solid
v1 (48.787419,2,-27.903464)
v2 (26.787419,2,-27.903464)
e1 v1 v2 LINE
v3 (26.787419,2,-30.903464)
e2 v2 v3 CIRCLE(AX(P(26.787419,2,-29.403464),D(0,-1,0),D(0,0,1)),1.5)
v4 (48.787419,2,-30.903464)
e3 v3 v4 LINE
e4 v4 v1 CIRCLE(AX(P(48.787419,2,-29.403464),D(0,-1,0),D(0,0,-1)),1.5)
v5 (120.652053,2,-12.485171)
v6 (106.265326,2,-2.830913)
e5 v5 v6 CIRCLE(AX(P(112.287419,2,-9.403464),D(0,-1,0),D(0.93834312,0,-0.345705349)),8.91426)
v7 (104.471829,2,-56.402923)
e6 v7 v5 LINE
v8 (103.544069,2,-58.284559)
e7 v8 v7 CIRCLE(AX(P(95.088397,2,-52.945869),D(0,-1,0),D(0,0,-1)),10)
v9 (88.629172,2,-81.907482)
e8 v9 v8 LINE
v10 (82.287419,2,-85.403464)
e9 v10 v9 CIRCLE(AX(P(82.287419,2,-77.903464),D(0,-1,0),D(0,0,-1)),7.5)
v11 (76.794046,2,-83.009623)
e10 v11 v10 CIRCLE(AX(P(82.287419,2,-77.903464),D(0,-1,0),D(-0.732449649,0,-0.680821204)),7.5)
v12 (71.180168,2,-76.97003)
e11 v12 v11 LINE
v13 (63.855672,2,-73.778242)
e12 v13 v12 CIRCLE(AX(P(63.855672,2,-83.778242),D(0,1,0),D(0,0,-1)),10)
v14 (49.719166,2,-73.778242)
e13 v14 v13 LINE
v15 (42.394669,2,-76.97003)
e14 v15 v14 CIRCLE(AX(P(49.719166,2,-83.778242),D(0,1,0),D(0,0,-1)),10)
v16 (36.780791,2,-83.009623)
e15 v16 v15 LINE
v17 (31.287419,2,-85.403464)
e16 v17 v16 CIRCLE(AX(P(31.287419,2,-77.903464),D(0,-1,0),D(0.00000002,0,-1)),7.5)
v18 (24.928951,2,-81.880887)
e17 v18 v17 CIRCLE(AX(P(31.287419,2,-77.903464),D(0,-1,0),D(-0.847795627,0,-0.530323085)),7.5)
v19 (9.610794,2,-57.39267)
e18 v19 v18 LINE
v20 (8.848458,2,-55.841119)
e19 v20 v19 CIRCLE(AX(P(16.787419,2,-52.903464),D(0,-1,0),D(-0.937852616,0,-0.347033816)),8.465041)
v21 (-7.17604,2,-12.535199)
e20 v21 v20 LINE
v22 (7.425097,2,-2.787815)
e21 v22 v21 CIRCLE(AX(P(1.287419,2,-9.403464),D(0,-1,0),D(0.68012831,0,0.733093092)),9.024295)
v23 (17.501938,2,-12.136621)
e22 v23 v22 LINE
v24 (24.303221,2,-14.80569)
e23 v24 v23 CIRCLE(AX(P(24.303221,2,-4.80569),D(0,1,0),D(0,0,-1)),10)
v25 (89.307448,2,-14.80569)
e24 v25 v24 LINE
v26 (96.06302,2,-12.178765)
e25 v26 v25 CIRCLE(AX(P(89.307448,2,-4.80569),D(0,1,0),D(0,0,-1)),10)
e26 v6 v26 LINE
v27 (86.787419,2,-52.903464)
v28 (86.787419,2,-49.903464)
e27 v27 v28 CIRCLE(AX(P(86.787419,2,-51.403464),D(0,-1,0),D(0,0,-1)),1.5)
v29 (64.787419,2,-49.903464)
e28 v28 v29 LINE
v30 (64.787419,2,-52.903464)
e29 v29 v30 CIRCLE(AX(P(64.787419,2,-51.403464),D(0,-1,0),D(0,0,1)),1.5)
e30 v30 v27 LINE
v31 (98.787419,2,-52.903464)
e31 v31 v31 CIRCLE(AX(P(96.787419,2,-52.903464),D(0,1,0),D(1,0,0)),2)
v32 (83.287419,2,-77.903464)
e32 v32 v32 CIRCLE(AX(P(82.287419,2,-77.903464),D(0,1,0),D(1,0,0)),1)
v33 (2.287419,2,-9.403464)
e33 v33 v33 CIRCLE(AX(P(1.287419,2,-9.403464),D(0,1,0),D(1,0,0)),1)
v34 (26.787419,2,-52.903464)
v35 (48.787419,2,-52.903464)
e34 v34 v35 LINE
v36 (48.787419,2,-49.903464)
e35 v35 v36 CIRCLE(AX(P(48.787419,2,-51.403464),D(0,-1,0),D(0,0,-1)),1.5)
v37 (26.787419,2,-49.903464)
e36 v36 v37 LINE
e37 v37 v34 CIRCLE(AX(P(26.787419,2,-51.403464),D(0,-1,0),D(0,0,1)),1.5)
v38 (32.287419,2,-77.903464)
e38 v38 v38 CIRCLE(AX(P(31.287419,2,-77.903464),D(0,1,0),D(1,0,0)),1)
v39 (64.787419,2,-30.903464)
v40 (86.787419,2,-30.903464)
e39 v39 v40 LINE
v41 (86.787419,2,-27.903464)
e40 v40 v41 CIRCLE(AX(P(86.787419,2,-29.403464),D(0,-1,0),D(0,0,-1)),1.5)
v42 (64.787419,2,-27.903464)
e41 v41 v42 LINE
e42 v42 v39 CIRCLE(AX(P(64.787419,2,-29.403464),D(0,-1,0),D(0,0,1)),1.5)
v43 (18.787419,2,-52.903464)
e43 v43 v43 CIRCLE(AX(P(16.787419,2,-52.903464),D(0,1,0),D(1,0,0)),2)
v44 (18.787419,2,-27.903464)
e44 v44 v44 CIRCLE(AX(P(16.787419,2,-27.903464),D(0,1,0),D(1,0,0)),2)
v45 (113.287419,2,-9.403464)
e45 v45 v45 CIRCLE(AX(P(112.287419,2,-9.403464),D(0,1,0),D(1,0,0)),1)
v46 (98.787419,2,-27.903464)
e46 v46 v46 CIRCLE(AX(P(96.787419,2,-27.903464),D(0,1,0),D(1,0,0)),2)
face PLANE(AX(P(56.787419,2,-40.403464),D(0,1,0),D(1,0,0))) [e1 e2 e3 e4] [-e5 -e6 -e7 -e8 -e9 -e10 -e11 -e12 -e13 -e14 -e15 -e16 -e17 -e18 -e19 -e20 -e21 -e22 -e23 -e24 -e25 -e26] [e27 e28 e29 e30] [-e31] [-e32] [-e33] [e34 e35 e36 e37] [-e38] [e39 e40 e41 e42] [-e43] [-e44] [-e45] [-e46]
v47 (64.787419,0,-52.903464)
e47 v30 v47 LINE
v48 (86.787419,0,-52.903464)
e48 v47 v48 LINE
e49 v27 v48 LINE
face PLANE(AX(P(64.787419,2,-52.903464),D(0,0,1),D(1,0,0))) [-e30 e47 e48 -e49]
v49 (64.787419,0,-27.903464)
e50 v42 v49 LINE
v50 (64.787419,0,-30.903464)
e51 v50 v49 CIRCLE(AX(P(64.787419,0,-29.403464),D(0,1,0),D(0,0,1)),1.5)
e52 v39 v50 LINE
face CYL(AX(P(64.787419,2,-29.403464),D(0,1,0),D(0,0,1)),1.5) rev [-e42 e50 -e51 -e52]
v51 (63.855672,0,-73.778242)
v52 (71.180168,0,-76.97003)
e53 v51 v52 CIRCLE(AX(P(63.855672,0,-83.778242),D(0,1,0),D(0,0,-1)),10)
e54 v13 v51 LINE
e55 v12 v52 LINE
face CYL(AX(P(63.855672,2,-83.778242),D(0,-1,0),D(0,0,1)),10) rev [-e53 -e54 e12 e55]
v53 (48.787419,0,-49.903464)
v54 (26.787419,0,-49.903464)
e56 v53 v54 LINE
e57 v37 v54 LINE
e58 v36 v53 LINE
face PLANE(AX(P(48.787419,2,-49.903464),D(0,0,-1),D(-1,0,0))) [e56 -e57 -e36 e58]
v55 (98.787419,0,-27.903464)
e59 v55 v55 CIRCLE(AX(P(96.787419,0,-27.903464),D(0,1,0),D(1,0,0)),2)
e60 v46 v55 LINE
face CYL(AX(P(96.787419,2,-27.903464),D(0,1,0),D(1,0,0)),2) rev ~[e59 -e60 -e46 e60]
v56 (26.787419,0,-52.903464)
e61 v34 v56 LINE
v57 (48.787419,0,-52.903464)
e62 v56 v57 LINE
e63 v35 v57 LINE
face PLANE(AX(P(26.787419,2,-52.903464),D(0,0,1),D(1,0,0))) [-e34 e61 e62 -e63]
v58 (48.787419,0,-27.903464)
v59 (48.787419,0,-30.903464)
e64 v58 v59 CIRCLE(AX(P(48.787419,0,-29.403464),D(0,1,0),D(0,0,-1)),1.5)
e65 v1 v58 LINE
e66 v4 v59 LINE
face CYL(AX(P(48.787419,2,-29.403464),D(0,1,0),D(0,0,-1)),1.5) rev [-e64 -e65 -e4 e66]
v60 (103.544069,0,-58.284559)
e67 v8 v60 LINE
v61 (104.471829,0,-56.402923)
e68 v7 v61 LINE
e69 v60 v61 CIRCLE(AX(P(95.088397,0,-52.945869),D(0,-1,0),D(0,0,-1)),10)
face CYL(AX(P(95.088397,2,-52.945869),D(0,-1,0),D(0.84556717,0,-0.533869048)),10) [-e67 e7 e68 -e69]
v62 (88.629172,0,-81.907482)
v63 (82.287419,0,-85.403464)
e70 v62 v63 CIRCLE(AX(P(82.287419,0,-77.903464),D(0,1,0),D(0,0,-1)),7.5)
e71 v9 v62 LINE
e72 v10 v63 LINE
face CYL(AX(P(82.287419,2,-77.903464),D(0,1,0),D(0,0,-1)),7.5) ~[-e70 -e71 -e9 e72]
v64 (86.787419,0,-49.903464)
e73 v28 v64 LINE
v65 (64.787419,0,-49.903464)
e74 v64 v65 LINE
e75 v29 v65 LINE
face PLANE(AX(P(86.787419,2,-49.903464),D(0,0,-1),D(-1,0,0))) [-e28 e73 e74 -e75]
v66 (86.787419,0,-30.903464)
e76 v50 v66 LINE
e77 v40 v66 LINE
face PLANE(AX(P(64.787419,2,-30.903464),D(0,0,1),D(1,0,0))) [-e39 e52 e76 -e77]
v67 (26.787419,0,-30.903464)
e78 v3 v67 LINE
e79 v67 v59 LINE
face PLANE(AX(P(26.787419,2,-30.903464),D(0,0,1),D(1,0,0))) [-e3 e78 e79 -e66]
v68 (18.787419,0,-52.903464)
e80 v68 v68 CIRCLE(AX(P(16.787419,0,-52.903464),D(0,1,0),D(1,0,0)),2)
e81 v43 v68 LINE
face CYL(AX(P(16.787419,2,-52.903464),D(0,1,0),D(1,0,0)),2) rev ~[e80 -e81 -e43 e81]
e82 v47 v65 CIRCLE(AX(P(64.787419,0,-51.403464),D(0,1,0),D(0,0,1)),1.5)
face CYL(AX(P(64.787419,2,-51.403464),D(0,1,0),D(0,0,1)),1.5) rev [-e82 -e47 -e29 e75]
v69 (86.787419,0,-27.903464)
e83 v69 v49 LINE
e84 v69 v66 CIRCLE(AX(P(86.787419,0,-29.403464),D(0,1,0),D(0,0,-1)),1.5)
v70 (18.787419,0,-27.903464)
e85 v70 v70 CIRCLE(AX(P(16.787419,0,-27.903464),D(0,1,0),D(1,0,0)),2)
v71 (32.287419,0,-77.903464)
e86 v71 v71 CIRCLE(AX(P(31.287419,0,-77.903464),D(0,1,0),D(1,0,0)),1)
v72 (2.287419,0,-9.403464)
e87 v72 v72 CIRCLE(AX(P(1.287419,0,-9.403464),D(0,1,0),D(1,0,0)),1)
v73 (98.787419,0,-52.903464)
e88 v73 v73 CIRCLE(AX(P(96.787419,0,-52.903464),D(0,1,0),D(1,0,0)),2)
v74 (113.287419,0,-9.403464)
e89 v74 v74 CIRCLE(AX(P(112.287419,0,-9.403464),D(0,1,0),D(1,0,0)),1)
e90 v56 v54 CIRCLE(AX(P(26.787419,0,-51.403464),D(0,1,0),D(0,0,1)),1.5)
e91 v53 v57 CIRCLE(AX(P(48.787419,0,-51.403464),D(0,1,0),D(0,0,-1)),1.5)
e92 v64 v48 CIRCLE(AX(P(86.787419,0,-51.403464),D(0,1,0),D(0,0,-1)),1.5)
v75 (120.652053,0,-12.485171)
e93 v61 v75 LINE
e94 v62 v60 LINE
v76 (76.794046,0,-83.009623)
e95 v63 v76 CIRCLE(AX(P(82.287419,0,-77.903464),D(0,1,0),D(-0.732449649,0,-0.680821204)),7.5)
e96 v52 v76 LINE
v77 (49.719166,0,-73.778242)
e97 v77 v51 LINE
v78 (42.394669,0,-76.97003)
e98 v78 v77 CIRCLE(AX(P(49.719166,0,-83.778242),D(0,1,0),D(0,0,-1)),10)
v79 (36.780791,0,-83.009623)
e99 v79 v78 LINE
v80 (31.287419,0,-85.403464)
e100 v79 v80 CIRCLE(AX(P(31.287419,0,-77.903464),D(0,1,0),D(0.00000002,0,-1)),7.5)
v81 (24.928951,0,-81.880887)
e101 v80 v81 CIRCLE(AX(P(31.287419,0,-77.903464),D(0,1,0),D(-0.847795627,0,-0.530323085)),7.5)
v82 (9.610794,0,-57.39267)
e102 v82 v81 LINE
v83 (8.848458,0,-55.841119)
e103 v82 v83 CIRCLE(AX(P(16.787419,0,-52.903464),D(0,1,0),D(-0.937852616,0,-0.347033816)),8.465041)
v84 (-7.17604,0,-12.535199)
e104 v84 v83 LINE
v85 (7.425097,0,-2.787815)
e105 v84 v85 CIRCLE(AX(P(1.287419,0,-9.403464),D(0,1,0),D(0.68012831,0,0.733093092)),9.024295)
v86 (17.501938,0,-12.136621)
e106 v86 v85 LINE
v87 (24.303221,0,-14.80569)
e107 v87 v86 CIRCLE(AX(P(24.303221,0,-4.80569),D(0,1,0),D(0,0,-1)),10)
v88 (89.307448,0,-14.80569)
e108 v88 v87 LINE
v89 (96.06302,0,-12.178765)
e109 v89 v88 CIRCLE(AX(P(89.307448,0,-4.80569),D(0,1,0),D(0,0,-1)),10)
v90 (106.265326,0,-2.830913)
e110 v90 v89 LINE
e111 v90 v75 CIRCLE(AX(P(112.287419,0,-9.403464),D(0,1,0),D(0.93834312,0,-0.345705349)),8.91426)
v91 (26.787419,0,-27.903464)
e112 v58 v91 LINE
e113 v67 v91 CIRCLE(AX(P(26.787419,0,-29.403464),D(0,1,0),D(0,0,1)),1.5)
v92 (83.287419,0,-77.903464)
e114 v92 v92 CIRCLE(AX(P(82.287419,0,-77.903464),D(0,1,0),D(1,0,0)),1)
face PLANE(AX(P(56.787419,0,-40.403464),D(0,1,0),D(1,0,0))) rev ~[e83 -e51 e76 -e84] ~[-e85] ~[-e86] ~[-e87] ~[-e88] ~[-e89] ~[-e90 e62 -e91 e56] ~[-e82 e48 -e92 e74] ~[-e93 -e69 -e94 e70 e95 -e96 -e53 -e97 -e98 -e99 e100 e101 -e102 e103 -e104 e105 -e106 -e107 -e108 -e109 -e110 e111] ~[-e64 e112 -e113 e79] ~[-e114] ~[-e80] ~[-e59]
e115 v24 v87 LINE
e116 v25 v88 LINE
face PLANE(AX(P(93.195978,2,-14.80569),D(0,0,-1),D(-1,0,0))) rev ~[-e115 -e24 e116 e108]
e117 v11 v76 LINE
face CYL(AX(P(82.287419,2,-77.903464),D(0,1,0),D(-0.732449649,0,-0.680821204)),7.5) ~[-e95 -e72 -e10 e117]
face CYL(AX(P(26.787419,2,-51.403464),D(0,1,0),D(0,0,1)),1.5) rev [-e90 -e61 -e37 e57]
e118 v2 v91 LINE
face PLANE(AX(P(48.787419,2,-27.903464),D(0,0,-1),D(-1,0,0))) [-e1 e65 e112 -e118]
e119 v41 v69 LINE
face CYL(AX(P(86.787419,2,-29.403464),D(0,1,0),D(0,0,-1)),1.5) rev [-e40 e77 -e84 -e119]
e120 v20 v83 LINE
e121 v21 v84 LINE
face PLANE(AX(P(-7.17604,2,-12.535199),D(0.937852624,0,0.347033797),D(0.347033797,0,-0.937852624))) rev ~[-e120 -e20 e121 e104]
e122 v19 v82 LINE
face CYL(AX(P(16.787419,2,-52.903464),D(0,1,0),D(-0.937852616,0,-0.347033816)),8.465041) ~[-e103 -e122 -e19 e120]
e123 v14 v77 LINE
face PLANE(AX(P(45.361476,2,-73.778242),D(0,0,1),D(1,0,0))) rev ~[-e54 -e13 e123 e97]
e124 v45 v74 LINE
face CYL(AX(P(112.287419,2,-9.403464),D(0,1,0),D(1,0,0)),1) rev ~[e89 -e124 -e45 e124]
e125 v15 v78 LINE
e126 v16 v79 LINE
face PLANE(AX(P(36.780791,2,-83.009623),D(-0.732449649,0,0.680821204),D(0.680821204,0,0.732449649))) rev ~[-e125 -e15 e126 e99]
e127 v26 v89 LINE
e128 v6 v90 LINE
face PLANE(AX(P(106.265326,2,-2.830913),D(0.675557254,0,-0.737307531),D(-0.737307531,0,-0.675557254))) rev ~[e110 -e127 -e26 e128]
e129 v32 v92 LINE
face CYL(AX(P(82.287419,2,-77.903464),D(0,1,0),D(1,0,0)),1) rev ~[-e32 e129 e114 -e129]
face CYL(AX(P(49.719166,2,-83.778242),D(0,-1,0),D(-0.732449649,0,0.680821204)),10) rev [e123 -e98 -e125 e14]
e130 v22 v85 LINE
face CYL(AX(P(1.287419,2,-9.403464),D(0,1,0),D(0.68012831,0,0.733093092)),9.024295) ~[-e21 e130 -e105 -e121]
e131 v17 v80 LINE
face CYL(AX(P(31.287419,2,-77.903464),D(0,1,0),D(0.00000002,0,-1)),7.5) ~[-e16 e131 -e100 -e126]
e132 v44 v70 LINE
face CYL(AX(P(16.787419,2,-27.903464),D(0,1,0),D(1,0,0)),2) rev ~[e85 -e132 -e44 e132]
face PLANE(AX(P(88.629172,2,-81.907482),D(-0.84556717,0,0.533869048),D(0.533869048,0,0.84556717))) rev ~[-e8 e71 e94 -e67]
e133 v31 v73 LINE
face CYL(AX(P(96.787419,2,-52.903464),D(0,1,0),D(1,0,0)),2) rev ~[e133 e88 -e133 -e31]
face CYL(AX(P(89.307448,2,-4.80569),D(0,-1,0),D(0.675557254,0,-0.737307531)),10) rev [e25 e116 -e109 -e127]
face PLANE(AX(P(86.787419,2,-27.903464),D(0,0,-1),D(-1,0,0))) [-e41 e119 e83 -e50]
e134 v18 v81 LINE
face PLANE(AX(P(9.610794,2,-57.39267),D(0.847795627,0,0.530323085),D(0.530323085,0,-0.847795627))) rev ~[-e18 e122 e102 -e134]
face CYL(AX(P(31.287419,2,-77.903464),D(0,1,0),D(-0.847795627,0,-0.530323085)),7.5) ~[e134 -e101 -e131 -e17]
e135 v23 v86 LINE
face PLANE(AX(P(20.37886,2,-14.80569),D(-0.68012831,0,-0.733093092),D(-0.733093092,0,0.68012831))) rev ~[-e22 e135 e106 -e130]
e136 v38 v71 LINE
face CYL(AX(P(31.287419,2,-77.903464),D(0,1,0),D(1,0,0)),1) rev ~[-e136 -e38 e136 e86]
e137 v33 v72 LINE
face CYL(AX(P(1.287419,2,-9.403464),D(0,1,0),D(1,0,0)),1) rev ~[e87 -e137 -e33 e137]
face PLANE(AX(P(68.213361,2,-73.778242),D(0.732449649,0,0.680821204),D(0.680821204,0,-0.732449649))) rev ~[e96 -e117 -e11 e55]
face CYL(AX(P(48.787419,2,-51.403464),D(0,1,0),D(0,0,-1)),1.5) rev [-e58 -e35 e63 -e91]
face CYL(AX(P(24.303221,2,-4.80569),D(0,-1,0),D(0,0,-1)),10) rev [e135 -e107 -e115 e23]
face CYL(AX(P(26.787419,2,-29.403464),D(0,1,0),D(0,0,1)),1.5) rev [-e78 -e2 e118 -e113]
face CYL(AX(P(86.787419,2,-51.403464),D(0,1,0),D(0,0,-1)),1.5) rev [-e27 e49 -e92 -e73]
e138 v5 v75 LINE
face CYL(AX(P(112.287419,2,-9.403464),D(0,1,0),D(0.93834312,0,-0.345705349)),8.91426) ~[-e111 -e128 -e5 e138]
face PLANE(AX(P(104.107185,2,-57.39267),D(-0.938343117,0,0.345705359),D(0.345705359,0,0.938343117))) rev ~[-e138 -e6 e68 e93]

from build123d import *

# Parameters (mm, degrees)
SKETCH1_W           = 130
SKETCH1_H           = 90
BOSS_EXTRUDE2_DEPTH = 2
SKETCH2_R           = 2
CUT_EXTRUDE1_DEPTH  = 10
CUT_EXTRUDE3_DEPTH  = 10
SKETCH5_R           = 1
CUT_EXTRUDE4_DEPTH  = 10
CUT_EXTRUDE5_DEPTH  = 3
FILLET1_R           = 10


with BuildPart() as part:
    # Sketch1 → Boss-Extrude2 (new body)
    with BuildSketch(Plane(origin=(0, 0, 0), x_dir=(1, 0, 0), z_dir=(0, 1, 0))):
        with Locations((56.787418592, 40.403463793)):
            Rectangle(SKETCH1_W, SKETCH1_H)
    extrude(amount=BOSS_EXTRUDE2_DEPTH)

    # Sketch2 → Cut-Extrude1 (cut)
    with BuildSketch(Plane(origin=(0, 2, 0), x_dir=(1, 0, 0), z_dir=(0, 1, 0))):
        with Locations((16.787418592, 52.903463793)):
            Circle(SKETCH2_R)
        with Locations((16.787418592, 27.903463793)):
            Circle(SKETCH2_R)
        with Locations((96.787418592, 52.903463793)):
            Circle(SKETCH2_R)
        with Locations((96.787418592, 27.903463793)):
            Circle(SKETCH2_R)
    extrude(amount=-CUT_EXTRUDE1_DEPTH, mode=Mode.SUBTRACT)

    # Sketch4 → Cut-Extrude3 (cut)
    with BuildSketch(Plane(origin=(0, 2, 0), x_dir=(1, 0, 0), z_dir=(0, 1, 0))):
        with BuildLine():
            Line((26.787418592, 52.903463793), (48.787418592, 52.903463793))
            ThreePointArc((48.787418592, 52.903463793), (50.287418592, 51.403463793), (48.787418592, 49.903463793))
            Line((48.787418592, 49.903463793), (26.787418592, 49.903463793))
            ThreePointArc((26.787418592, 49.903463793), (25.287418592, 51.403463793), (26.787418592, 52.903463793))
        make_face()
        with BuildLine():
            Line((26.787418592, 30.903463793), (48.787418592, 30.903463793))
            ThreePointArc((48.787418592, 30.903463793), (50.287418592, 29.403463793), (48.787418592, 27.903463793))
            Line((48.787418592, 27.903463793), (26.787418592, 27.903463793))
            ThreePointArc((26.787418592, 27.903463793), (25.287418592, 29.403463793), (26.787418592, 30.903463793))
        make_face()
        with BuildLine():
            Line((64.787418592, 52.903463793), (86.787418592, 52.903463793))
            ThreePointArc((86.787418592, 52.903463793), (88.287418592, 51.403463793), (86.787418592, 49.903463793))
            Line((86.787418592, 49.903463793), (64.787418592, 49.903463793))
            ThreePointArc((64.787418592, 49.903463793), (63.287418592, 51.403463793), (64.787418592, 52.903463793))
        make_face()
        with BuildLine():
            Line((64.787418592, 30.903463793), (86.787418592, 30.903463793))
            ThreePointArc((86.787418592, 30.903463793), (88.287418592, 29.403463793), (86.787418592, 27.903463793))
            Line((86.787418592, 27.903463793), (64.787418592, 27.903463793))
            ThreePointArc((64.787418592, 27.903463793), (63.287418592, 29.403463793), (64.787418592, 30.903463793))
        make_face()
    extrude(amount=-CUT_EXTRUDE3_DEPTH, mode=Mode.SUBTRACT)

    # Sketch5 → Cut-Extrude4 (cut)
    with BuildSketch(Plane(origin=(0, 2, 0), x_dir=(1, 0, 0), z_dir=(0, 1, 0))):
        with Locations((1.287418592, 9.403463793)):
            Circle(SKETCH5_R)
        with Locations((112.287418592, 9.403463793)):
            Circle(SKETCH5_R)
        with Locations((31.287418592, 77.903463793)):
            Circle(SKETCH5_R)
        with Locations((82.287418592, 77.903463793)):
            Circle(SKETCH5_R)
    extrude(amount=-CUT_EXTRUDE4_DEPTH, mode=Mode.SUBTRACT)

    # Sketch6 → Cut-Extrude5 (cut, through all)
    with BuildSketch(Plane(origin=(0, 2, 0), x_dir=(1, 0, 0), z_dir=(0, 1, 0))):
        with BuildLine():
            Line((31.287418742, 85.403463793), (-8.212581408, 85.403463793))
            Line((-8.212581408, 85.403463793), (-8.212581408, -4.596536207))
            Line((-8.212581408, -4.596536207), (121.787418592, -4.596536207))
            Line((121.787418592, -4.596536207), (121.787418592, 85.403463793))
            Line((121.787418592, 85.403463793), (82.287418592, 85.403463793))
            ThreePointArc((82.287418592, 85.403463793), (85.908182742, 84.471573641), (88.629172371, 81.907481652))
            Line((88.629172371, 81.907481652), (104.107184656, 57.392670192))
            Line((104.107184656, 57.392670192), (120.652052771, 12.485171021))
            ThreePointArc((120.652052771, 12.485171021), (117.254615926, 2.001371181), (106.265325845, 2.830913046))
            Line((106.265325845, 2.830913046), (93.195977552, 14.805689748))
            Line((93.195977552, 14.805689748), (20.378859632, 14.805689748))
            Line((20.378859632, 14.805689748), (7.425097101, 2.787815466))
            ThreePointArc((7.425097103, 2.787815464), (-3.723088928, 1.897951505), (-7.176040156, 12.53519915))
            Line((-7.176040154, 12.53519915), (8.848458195, 55.841119114))
            ThreePointArc((8.848458195, 55.841119114), (9.189915505, 56.63640604), (9.610794254, 57.392670192))
            Line((9.610794254, 57.392670192), (24.928951385, 81.880886929))
            ThreePointArc((24.928951386, 81.880886928), (27.652908616, 84.463977282), (31.287418742, 85.403463793))
        make_face()
        with BuildLine():
            Line((82.287418592, 85.403463793), (31.287418742, 85.403463793))
            ThreePointArc((31.287418742, 85.403463793), (34.283566796, 84.779007113), (36.780790962, 83.00962282))
            Line((36.780790963, 83.009622821), (45.361476392, 73.77824166))
            Line((45.361476392, 73.77824166), (68.213360792, 73.77824166))
            Line((68.213360792, 73.77824166), (76.794046223, 83.009622821))
            ThreePointArc((76.794046223, 83.009622821), (79.291270457, 84.779007143), (82.287418592, 85.403463793))
        make_face()
    extrude(amount=-CUT_EXTRUDE5_DEPTH, mode=Mode.SUBTRACT)

    # Fillet1
    fillet1_edges = [part.edges().sort_by_distance(p)[0] for p in [
        (68.213360792, 1, -73.77824166),
        (45.361476392, 1, -73.77824166),
        (20.378859632, 1, -14.805689748),
        (93.195977552, 1, -14.805689748),
        (104.107184656, 1, -57.392670192),
    ]]
    fillet(fillet1_edges, radius=FILLET1_R)


solid = part.part
